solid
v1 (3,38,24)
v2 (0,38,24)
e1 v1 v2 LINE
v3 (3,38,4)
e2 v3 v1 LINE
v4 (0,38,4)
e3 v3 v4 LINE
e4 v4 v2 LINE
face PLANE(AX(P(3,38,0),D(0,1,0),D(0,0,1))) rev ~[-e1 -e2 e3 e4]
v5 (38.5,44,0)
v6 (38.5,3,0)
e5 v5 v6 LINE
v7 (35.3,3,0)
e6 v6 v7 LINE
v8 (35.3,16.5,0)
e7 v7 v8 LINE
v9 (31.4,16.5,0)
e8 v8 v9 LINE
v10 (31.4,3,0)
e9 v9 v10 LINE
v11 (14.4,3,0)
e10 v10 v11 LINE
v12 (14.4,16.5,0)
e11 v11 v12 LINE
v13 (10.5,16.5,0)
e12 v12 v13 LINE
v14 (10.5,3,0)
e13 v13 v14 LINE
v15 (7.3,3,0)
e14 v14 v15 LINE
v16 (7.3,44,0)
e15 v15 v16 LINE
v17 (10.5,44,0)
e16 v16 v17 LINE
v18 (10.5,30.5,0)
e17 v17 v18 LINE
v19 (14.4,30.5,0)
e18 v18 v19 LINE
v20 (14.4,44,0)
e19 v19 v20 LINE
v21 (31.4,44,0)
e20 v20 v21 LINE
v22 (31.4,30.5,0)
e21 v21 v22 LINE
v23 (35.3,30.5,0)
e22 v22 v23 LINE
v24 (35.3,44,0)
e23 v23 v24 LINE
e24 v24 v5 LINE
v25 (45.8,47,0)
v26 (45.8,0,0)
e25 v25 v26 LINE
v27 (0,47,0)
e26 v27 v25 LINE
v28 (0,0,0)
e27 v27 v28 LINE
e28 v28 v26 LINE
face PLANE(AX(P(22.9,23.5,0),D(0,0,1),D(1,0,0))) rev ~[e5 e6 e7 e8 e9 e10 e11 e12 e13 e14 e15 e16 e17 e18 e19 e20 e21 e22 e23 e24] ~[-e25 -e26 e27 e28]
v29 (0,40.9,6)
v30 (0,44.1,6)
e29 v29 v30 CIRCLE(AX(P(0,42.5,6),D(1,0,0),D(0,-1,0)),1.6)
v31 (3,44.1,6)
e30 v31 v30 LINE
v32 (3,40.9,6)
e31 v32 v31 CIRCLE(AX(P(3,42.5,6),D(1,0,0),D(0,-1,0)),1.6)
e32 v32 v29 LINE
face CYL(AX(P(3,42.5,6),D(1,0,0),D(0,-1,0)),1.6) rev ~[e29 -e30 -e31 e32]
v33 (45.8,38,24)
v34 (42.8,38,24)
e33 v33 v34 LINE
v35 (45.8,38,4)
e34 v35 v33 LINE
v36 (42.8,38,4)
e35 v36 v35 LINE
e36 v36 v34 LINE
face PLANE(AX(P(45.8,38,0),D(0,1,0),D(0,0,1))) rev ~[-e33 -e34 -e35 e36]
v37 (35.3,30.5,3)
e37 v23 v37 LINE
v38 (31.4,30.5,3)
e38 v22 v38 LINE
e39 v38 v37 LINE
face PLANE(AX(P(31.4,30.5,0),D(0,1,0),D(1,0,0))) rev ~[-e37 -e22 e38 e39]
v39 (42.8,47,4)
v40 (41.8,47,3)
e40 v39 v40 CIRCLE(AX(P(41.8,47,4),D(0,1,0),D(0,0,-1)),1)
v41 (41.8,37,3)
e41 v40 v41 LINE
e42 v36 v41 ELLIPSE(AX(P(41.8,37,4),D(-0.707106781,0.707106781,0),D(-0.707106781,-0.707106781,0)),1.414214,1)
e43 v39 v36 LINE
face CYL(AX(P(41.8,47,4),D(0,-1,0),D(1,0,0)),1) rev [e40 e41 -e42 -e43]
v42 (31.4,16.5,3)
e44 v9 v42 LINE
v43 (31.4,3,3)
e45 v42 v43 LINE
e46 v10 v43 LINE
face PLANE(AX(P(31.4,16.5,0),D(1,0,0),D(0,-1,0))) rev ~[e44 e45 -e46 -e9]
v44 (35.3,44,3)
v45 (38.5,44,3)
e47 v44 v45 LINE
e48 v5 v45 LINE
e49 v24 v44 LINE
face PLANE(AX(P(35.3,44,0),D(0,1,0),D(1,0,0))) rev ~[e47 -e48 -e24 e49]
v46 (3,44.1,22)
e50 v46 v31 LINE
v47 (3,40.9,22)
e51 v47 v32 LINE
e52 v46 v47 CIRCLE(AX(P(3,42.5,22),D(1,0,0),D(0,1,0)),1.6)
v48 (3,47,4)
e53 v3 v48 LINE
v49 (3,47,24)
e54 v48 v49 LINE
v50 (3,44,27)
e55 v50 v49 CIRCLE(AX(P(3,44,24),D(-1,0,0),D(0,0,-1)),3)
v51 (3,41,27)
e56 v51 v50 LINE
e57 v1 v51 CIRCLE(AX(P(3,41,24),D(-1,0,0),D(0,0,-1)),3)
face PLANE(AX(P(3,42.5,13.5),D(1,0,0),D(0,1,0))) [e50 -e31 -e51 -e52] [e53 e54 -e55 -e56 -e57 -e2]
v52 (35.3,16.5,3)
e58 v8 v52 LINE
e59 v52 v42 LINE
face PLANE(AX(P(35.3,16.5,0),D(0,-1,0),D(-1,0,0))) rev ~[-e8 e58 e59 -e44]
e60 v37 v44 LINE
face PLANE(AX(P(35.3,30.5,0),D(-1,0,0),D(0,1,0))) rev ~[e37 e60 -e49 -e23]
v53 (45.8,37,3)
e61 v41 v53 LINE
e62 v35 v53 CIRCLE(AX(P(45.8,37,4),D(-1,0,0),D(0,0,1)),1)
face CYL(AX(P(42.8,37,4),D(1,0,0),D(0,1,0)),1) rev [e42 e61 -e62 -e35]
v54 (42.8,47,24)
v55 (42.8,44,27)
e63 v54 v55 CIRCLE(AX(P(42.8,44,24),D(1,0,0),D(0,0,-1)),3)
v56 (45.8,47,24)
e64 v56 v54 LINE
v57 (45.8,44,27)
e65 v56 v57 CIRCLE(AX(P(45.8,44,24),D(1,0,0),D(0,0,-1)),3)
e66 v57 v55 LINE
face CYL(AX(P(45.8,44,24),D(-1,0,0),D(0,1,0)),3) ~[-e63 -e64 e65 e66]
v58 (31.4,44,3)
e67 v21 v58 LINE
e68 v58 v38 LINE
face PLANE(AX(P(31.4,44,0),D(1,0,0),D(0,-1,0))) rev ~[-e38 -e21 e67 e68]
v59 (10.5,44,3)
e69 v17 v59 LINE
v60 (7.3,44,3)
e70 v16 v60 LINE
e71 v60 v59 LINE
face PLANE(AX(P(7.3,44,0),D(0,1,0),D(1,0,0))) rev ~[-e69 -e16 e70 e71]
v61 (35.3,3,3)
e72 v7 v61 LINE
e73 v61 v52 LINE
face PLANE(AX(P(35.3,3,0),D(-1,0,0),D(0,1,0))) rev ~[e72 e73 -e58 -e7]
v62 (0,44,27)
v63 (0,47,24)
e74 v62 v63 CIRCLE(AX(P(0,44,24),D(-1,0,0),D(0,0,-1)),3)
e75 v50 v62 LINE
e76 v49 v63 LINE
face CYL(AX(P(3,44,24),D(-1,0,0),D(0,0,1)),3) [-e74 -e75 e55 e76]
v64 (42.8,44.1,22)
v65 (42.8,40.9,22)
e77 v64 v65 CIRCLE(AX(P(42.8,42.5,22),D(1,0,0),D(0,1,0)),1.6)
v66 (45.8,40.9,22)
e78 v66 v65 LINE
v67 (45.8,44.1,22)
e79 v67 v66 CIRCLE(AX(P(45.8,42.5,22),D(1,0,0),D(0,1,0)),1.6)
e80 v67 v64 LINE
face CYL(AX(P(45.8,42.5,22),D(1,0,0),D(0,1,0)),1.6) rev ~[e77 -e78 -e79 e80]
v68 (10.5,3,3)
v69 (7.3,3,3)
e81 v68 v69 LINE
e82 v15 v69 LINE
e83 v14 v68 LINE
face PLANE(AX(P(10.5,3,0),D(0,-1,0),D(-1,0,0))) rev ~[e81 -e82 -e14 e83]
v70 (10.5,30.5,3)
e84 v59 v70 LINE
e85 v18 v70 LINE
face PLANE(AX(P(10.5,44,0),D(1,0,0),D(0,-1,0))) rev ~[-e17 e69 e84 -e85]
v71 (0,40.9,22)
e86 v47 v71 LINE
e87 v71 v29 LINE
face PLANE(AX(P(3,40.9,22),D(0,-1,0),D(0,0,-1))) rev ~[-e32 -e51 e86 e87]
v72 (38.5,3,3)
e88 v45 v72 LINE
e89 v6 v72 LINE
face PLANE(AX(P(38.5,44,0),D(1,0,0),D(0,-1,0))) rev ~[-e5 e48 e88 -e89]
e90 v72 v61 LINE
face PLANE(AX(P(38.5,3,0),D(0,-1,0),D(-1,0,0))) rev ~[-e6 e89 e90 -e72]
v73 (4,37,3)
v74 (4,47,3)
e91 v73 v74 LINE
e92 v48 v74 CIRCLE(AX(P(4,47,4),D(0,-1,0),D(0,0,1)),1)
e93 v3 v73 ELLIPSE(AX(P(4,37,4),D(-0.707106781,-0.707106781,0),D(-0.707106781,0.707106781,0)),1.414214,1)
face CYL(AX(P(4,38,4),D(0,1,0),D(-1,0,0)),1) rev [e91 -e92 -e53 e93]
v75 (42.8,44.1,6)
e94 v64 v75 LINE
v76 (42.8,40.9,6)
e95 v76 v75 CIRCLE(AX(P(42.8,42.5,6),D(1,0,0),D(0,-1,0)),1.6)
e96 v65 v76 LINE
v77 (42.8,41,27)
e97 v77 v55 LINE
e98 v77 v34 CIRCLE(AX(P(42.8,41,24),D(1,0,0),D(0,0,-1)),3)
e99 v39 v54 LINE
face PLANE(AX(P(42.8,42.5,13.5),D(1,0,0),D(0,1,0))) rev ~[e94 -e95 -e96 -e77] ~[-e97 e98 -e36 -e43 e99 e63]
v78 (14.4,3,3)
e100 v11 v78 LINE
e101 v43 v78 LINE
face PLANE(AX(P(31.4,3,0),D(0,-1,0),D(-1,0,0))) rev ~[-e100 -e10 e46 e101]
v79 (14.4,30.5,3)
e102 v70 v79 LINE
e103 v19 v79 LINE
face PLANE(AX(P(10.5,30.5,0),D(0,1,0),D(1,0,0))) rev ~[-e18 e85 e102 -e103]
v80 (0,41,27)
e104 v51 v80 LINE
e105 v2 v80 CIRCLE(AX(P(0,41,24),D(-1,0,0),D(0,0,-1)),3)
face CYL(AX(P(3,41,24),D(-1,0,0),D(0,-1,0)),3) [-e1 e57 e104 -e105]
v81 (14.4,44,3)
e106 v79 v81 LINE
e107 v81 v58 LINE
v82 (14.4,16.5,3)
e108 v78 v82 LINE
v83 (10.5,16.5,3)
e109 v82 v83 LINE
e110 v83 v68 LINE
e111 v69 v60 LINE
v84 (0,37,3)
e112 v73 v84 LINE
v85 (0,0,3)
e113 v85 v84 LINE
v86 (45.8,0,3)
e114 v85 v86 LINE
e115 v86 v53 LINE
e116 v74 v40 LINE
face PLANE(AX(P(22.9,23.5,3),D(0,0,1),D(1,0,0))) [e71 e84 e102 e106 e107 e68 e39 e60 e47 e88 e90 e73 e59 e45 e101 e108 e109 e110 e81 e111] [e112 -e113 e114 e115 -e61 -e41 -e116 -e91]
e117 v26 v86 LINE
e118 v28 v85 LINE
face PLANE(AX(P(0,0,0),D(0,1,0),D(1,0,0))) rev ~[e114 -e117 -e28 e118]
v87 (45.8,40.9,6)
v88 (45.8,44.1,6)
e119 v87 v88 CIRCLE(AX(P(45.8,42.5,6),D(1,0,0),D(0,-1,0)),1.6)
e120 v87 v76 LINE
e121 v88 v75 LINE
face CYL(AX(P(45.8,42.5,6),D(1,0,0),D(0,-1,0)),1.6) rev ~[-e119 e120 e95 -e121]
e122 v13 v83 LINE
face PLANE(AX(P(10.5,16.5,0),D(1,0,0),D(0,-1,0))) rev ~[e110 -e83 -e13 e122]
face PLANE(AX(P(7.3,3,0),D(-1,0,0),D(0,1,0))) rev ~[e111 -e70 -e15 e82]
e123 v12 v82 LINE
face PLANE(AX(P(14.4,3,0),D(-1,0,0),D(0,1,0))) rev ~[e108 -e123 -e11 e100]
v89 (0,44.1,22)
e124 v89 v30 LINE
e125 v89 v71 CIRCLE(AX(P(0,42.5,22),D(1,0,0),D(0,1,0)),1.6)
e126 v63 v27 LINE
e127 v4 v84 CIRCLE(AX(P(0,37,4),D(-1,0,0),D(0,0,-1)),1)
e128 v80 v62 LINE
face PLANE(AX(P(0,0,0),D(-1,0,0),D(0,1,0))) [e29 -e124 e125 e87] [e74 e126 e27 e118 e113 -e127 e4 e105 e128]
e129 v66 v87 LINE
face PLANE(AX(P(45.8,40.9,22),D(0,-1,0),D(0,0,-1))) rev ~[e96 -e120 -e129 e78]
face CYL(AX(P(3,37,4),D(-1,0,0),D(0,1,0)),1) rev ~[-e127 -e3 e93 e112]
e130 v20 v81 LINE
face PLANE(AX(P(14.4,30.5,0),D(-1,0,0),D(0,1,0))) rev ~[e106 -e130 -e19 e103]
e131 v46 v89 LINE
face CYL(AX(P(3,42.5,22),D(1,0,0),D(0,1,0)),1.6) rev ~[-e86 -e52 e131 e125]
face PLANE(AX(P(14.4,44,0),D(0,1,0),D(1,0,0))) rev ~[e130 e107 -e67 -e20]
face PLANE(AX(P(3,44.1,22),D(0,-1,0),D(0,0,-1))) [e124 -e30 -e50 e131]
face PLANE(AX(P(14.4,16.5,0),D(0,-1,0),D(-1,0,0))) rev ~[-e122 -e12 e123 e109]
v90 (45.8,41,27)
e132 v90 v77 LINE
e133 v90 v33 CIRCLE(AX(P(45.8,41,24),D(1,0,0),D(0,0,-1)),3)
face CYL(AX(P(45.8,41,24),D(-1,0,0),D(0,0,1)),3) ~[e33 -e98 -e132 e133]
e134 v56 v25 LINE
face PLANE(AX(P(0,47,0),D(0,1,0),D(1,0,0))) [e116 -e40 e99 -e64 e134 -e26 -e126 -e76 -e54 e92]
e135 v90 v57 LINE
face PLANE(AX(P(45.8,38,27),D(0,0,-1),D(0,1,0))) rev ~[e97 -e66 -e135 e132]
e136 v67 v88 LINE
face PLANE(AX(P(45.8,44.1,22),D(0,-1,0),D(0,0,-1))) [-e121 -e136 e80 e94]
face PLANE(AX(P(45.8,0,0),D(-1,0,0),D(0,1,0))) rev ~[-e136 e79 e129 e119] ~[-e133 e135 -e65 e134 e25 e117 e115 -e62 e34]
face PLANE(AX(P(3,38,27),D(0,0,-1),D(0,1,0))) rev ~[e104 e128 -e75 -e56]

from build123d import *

# Parameters (mm, degrees)
SKETCH001_W  = 9
SKETCH001_H  = 27
PAD001_DEPTH = 3
SKETCH_W     = 45.8
SKETCH_H     = 47
PAD_DEPTH    = 3
SKETCH002_W  = 9
SKETCH002_H  = 27
PAD002_DEPTH = 3
FILLET_R     = 1
FILLET001_R  = 3


with BuildPart() as pad001:
    # Sketch001 → Pad001 (new body)
    with BuildSketch(Plane.YZ.offset(3)):
        with Locations((42.5, 13.5)):
            Rectangle(SKETCH001_W, SKETCH001_H)
        with BuildLine():
            ThreePointArc((44.1, 22), (42.5, 23.6), (40.9, 22))
            Line((40.9, 22), (40.9, 6))
            ThreePointArc((40.9, 6), (42.5, 4.4), (44.1, 6))
            Line((44.1, 22), (44.1, 6))
        make_face(mode=Mode.SUBTRACT)
    extrude(amount=-PAD001_DEPTH)


with BuildPart() as fusion:
    # Sketch → Pad (new body)
    with BuildSketch(Plane.XY):
        with Locations((22.9, 23.5)):
            Rectangle(SKETCH_W, SKETCH_H)
        Polygon((7.3, 44), (10.5, 44), (10.5, 30.5), (14.4, 30.5), (14.4, 44), (31.4, 44), (31.4, 30.5), (35.3, 30.5), (35.3, 44), (38.5, 44), (38.5, 3), (35.3, 3), (35.3, 16.5), (31.4, 16.5), (31.4, 3), (14.4, 3), (14.4, 16.5), (10.5, 16.5), (10.5, 3), (7.3, 3), align=None, mode=Mode.SUBTRACT)
    extrude(amount=PAD_DEPTH)

    # Fusion: union Pad001
    add(pad001.part)


with BuildPart() as fillet001:
    # Sketch002 → Pad002 (new body)
    with BuildSketch(Plane.YZ.offset(45.8)):
        with Locations((42.5, 13.5)):
            Rectangle(SKETCH002_W, SKETCH002_H)
        with BuildLine():
            ThreePointArc((44.1, 22), (42.5, 23.6), (40.9, 22))
            Line((40.9, 22), (40.9, 6))
            ThreePointArc((40.9, 6), (42.5, 4.4), (44.1, 6))
            Line((44.1, 22), (44.1, 6))
        make_face(mode=Mode.SUBTRACT)
    extrude(amount=-PAD002_DEPTH)

    # Fusion001: union Fusion
    add(fusion.part)

    # Fillet
    fillet_edges = [fillet001.edges().sort_by_distance(p)[0] for p in [
        (1.5, 38, 3),
        (3, 42.5, 3),
        (42.8, 42.5, 3),
        (44.3, 38, 3),
    ]]
    fillet(fillet_edges, radius=FILLET_R)

    # Fillet001
    fillet001_edges = [fillet001.edges().sort_by_distance(p)[0] for p in [
        (1.5, 38, 27),
        (44.3, 38, 27),
        (1.5, 47, 27),
        (44.3, 47, 27),
    ]]
    fillet(fillet001_edges, radius=FILLET001_R)


solid = fillet001.part
